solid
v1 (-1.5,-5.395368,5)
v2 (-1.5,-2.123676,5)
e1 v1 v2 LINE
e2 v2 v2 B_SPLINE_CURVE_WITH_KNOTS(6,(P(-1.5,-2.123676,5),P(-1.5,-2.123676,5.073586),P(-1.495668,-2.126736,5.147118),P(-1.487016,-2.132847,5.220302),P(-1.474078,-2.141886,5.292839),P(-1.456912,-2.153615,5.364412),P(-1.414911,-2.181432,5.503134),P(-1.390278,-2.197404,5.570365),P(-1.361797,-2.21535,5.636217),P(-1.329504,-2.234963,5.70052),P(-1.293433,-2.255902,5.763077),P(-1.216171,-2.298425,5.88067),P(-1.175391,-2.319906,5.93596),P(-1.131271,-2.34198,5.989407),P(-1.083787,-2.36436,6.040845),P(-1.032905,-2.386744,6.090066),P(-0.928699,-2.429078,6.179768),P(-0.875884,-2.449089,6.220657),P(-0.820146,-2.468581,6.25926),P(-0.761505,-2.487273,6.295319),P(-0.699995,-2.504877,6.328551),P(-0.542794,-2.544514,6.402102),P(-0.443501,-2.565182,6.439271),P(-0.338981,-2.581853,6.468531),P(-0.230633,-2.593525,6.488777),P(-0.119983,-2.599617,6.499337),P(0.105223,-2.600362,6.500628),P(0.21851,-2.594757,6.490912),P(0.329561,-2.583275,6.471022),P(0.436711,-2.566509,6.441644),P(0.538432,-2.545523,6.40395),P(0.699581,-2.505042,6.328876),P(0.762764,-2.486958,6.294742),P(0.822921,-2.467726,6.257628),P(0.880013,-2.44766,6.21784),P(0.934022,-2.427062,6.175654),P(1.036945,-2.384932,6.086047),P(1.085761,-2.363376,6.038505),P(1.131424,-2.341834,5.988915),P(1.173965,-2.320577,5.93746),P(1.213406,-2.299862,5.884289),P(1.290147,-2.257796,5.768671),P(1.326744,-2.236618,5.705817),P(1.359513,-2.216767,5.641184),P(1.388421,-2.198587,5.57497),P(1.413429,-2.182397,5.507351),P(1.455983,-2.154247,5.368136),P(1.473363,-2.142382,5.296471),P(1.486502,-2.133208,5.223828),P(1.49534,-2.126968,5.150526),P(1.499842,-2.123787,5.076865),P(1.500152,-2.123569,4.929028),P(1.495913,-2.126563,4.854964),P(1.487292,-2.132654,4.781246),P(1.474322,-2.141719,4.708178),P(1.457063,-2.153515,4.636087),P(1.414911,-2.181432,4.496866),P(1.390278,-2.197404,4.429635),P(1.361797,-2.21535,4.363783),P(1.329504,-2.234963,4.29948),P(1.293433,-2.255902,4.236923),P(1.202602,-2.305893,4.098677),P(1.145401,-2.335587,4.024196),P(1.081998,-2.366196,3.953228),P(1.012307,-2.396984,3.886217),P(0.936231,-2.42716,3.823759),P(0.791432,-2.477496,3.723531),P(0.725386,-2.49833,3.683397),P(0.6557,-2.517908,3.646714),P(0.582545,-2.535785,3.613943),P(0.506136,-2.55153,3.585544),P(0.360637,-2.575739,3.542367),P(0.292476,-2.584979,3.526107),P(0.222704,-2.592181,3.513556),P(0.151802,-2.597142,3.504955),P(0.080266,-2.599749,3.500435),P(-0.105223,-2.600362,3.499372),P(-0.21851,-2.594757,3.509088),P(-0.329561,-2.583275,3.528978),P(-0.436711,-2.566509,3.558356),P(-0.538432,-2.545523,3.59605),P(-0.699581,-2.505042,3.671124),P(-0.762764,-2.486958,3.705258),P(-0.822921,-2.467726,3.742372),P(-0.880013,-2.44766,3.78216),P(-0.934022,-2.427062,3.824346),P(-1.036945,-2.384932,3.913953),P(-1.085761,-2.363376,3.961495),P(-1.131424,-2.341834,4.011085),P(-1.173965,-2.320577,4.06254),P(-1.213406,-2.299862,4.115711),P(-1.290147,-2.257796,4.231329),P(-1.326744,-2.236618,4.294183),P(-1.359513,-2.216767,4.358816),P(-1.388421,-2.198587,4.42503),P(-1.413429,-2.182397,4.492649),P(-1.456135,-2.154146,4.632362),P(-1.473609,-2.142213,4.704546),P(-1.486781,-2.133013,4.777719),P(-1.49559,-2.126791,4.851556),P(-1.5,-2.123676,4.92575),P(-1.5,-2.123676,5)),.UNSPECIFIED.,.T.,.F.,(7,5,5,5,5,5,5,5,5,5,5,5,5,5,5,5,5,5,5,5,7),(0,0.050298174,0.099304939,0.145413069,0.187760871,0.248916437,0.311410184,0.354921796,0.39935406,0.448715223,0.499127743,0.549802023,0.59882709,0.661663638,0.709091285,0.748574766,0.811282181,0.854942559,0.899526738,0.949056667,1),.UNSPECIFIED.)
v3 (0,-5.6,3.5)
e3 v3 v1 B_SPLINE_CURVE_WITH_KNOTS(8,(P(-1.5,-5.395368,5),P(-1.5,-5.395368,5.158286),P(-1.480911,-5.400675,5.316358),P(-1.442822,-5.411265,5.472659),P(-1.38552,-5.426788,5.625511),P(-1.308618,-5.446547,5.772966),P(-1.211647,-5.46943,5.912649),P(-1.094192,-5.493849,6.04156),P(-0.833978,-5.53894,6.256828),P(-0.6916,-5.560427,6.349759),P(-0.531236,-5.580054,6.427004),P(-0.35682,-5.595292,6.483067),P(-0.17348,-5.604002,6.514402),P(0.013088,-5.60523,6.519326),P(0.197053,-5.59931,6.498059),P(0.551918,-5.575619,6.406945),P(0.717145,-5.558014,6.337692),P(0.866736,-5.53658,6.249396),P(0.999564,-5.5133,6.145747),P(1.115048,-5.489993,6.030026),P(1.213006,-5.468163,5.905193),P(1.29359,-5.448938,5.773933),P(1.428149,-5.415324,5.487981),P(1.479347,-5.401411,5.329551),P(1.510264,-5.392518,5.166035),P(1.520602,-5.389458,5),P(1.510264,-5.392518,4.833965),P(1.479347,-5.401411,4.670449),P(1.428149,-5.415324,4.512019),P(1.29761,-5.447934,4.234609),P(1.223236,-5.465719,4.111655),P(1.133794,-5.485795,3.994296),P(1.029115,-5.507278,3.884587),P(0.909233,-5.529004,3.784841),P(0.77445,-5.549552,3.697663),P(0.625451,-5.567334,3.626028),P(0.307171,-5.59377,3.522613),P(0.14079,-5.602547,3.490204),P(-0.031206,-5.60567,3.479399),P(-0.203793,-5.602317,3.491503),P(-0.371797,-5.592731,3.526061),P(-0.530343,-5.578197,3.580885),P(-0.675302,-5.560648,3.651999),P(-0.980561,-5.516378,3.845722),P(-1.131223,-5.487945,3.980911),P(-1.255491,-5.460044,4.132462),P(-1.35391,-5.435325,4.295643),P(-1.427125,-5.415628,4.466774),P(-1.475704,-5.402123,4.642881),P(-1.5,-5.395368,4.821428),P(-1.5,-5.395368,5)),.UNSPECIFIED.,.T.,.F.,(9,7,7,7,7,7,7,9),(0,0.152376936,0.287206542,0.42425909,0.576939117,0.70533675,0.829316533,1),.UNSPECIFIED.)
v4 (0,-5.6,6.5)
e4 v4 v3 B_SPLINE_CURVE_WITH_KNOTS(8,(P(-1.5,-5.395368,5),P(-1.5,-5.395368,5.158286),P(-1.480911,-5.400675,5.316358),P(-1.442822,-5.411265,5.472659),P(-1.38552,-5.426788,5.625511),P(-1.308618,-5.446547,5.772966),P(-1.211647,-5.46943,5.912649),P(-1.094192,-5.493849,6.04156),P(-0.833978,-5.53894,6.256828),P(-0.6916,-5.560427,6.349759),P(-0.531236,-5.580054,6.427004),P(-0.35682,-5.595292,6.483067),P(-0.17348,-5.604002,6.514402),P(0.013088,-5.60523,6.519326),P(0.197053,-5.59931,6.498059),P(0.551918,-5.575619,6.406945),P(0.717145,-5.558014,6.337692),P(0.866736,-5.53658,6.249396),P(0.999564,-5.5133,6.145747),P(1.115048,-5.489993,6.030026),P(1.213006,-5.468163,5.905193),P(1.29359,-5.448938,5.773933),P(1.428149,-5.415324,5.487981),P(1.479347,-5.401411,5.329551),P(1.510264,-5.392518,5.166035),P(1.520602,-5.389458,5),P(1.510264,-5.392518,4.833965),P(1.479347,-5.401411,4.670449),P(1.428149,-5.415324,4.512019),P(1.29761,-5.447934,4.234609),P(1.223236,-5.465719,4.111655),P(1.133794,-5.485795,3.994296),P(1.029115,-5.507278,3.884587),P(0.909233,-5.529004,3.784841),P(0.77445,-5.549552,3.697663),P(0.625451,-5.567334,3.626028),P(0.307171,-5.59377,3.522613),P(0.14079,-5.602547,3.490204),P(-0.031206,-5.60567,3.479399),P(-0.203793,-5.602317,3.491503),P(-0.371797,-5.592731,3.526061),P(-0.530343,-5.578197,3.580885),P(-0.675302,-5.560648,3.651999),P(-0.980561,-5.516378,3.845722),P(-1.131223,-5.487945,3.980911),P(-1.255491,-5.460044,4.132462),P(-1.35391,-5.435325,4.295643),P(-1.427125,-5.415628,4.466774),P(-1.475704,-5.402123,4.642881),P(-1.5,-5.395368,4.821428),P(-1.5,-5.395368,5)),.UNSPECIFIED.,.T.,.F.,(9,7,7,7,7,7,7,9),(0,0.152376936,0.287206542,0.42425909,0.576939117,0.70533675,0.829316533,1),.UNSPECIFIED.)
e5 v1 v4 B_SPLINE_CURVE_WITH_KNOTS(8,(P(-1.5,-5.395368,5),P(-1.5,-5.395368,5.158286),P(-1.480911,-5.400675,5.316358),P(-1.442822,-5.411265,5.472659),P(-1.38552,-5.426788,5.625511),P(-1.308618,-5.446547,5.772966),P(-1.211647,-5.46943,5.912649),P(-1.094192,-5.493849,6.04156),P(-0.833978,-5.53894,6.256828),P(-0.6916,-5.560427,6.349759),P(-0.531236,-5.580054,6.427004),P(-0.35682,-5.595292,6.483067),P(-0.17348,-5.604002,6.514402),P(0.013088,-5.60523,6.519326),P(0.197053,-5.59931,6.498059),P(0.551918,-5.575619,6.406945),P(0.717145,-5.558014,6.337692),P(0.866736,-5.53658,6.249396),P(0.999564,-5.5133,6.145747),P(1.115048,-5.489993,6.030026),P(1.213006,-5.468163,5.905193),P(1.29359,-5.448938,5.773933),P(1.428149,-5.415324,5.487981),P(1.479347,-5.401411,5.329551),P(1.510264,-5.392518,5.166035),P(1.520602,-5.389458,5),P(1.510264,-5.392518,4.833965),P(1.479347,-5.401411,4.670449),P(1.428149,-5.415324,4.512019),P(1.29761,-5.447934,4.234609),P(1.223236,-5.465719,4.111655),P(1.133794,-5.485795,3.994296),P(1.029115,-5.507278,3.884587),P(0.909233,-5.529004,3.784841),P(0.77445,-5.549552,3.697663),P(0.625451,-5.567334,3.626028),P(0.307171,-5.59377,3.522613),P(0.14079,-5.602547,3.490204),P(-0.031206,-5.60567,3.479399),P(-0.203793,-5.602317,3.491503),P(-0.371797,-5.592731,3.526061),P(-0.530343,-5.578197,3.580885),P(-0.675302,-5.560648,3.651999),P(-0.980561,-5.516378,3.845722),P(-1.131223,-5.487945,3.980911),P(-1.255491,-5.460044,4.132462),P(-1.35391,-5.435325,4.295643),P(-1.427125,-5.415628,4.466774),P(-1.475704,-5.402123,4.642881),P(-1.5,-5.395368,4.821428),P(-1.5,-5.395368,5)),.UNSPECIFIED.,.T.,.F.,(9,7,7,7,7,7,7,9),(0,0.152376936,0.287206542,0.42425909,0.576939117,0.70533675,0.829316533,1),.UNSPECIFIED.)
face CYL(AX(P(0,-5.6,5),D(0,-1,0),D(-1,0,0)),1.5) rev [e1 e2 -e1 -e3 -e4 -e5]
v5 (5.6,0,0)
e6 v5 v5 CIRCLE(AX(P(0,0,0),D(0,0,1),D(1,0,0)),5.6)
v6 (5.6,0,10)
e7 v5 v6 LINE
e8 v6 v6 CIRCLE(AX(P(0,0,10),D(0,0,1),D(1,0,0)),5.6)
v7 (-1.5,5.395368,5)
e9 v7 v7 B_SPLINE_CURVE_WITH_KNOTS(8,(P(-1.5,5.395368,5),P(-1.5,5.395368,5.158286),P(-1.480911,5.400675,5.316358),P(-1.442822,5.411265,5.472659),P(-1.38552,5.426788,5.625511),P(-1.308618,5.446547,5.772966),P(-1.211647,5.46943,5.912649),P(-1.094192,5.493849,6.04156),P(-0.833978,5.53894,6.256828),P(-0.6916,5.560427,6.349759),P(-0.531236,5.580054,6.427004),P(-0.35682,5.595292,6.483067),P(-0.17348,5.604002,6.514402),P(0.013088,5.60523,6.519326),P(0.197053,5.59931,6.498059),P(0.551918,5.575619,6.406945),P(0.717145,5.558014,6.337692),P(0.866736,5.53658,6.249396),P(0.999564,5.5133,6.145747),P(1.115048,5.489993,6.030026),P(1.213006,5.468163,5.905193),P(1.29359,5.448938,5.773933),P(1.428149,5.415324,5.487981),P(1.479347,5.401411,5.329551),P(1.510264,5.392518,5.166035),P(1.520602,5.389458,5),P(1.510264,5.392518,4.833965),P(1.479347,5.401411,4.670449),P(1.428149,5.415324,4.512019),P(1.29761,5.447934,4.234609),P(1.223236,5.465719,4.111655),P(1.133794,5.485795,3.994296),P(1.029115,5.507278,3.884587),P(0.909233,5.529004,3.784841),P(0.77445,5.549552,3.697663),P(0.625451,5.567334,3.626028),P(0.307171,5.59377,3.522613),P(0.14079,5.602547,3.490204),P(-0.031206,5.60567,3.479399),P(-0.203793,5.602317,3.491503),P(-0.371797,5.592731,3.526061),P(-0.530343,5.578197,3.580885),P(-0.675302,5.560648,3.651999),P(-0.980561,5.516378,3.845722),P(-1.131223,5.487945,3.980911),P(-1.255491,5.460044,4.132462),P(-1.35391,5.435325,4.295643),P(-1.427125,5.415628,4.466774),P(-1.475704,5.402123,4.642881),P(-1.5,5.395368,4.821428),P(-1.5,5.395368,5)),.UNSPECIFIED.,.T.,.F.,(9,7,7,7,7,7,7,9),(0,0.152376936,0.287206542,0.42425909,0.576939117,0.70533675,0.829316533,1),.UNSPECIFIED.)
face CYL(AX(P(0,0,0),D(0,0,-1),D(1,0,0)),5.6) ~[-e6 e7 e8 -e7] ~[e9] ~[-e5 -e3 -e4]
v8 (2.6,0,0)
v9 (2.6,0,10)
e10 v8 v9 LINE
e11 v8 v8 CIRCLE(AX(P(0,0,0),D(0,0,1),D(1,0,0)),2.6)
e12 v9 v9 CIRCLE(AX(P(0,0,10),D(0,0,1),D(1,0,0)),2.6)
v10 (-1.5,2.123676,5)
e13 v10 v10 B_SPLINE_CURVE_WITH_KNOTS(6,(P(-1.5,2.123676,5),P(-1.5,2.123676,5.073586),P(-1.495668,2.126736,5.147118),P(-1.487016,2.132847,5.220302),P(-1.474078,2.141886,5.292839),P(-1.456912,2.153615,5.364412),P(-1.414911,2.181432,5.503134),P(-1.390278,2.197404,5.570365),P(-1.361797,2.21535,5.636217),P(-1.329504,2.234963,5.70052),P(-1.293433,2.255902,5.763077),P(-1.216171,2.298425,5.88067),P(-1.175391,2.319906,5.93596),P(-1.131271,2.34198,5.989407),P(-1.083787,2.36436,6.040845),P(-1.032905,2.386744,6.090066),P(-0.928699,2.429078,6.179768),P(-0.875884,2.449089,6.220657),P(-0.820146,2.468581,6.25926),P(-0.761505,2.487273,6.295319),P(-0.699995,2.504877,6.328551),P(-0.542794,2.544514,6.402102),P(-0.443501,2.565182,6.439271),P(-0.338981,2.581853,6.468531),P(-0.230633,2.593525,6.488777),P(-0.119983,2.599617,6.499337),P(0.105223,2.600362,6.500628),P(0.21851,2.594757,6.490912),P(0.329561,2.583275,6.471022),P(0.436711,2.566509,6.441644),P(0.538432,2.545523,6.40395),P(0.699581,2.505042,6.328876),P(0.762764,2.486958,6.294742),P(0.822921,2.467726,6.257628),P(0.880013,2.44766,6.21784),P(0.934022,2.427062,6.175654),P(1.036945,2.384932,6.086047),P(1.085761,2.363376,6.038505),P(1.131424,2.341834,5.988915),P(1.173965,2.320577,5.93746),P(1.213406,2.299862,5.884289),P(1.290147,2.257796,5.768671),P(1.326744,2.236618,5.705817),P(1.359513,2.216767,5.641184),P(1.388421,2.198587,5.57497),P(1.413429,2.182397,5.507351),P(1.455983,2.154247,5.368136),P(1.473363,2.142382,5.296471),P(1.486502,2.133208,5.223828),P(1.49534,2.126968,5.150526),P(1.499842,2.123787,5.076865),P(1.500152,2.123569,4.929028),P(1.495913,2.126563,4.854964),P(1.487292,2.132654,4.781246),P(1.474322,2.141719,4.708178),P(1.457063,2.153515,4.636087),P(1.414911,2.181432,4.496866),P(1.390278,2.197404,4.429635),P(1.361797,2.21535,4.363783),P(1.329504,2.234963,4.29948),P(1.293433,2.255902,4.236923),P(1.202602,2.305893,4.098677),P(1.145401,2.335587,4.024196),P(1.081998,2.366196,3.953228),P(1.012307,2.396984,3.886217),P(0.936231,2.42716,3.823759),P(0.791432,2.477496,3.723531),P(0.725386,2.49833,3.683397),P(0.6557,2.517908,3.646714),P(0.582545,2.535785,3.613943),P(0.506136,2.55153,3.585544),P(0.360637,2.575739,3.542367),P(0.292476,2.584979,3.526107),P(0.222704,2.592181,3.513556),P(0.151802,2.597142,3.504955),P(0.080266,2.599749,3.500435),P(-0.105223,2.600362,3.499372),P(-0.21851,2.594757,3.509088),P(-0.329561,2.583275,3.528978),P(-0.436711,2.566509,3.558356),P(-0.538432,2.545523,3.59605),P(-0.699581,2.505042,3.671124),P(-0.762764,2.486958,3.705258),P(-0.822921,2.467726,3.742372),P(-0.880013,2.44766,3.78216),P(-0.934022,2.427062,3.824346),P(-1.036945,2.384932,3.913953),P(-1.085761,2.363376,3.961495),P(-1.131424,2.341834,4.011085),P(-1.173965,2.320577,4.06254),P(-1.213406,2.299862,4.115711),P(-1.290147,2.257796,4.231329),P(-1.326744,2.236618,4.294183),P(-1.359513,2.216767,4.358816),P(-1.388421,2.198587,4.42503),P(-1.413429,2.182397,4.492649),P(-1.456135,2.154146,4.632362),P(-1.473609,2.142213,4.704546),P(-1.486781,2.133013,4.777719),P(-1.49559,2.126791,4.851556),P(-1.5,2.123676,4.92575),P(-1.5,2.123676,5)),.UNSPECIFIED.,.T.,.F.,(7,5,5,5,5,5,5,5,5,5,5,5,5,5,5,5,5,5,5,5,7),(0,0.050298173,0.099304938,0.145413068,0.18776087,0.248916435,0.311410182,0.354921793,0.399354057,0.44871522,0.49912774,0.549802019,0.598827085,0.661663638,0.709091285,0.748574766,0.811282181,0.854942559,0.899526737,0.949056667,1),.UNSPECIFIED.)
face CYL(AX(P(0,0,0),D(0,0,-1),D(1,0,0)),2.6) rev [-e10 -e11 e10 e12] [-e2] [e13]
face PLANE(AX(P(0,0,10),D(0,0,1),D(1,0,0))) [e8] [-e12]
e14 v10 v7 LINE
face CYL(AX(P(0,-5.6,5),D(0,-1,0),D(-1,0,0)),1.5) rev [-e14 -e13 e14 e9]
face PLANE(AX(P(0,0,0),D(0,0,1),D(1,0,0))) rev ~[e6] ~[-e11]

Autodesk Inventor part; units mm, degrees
ref_plane "YZ Plane" through (0, 0, 0) normal (1, 0, 0) x (0, 1, 0)
ref_plane "XY Plane" through (0, 0, 0) normal (0, 0, 1) x (1, 0, 0)
sketch "Sketch1" plane through (0, 0, 0) normal (0, 0, 1) x (1, 0, 0)
  circle A0 centre (0, 0) radius 2.6
  circle A1 centre (0, 0) radius 5.6
  dimension "d0" = 5.2
  dimension "d1" = 3
extrude "Extrusion1" add sketch "Sketch1" along normal blind 10
ref_plane "Work Plane1" through (0, -5.6, 0) normal (0, 1, 0) x (-1, 0, 0)
sketch "Sketch2" plane through (0, -5.6, 0) normal (0, 1, 0) x (-1, 0, 0)
  circle A0 centre (0, 5) radius 1.5
  line L0 (5.6, 10) -> (-5.6, 10) projected
  point P0 (0, 0)
  dimension "d4" = 3
  dimension "d5" = 5
extrude "Extrusion2" cut sketch "Sketch2" along normal through all
properties part number "Differential_drive_lock"
